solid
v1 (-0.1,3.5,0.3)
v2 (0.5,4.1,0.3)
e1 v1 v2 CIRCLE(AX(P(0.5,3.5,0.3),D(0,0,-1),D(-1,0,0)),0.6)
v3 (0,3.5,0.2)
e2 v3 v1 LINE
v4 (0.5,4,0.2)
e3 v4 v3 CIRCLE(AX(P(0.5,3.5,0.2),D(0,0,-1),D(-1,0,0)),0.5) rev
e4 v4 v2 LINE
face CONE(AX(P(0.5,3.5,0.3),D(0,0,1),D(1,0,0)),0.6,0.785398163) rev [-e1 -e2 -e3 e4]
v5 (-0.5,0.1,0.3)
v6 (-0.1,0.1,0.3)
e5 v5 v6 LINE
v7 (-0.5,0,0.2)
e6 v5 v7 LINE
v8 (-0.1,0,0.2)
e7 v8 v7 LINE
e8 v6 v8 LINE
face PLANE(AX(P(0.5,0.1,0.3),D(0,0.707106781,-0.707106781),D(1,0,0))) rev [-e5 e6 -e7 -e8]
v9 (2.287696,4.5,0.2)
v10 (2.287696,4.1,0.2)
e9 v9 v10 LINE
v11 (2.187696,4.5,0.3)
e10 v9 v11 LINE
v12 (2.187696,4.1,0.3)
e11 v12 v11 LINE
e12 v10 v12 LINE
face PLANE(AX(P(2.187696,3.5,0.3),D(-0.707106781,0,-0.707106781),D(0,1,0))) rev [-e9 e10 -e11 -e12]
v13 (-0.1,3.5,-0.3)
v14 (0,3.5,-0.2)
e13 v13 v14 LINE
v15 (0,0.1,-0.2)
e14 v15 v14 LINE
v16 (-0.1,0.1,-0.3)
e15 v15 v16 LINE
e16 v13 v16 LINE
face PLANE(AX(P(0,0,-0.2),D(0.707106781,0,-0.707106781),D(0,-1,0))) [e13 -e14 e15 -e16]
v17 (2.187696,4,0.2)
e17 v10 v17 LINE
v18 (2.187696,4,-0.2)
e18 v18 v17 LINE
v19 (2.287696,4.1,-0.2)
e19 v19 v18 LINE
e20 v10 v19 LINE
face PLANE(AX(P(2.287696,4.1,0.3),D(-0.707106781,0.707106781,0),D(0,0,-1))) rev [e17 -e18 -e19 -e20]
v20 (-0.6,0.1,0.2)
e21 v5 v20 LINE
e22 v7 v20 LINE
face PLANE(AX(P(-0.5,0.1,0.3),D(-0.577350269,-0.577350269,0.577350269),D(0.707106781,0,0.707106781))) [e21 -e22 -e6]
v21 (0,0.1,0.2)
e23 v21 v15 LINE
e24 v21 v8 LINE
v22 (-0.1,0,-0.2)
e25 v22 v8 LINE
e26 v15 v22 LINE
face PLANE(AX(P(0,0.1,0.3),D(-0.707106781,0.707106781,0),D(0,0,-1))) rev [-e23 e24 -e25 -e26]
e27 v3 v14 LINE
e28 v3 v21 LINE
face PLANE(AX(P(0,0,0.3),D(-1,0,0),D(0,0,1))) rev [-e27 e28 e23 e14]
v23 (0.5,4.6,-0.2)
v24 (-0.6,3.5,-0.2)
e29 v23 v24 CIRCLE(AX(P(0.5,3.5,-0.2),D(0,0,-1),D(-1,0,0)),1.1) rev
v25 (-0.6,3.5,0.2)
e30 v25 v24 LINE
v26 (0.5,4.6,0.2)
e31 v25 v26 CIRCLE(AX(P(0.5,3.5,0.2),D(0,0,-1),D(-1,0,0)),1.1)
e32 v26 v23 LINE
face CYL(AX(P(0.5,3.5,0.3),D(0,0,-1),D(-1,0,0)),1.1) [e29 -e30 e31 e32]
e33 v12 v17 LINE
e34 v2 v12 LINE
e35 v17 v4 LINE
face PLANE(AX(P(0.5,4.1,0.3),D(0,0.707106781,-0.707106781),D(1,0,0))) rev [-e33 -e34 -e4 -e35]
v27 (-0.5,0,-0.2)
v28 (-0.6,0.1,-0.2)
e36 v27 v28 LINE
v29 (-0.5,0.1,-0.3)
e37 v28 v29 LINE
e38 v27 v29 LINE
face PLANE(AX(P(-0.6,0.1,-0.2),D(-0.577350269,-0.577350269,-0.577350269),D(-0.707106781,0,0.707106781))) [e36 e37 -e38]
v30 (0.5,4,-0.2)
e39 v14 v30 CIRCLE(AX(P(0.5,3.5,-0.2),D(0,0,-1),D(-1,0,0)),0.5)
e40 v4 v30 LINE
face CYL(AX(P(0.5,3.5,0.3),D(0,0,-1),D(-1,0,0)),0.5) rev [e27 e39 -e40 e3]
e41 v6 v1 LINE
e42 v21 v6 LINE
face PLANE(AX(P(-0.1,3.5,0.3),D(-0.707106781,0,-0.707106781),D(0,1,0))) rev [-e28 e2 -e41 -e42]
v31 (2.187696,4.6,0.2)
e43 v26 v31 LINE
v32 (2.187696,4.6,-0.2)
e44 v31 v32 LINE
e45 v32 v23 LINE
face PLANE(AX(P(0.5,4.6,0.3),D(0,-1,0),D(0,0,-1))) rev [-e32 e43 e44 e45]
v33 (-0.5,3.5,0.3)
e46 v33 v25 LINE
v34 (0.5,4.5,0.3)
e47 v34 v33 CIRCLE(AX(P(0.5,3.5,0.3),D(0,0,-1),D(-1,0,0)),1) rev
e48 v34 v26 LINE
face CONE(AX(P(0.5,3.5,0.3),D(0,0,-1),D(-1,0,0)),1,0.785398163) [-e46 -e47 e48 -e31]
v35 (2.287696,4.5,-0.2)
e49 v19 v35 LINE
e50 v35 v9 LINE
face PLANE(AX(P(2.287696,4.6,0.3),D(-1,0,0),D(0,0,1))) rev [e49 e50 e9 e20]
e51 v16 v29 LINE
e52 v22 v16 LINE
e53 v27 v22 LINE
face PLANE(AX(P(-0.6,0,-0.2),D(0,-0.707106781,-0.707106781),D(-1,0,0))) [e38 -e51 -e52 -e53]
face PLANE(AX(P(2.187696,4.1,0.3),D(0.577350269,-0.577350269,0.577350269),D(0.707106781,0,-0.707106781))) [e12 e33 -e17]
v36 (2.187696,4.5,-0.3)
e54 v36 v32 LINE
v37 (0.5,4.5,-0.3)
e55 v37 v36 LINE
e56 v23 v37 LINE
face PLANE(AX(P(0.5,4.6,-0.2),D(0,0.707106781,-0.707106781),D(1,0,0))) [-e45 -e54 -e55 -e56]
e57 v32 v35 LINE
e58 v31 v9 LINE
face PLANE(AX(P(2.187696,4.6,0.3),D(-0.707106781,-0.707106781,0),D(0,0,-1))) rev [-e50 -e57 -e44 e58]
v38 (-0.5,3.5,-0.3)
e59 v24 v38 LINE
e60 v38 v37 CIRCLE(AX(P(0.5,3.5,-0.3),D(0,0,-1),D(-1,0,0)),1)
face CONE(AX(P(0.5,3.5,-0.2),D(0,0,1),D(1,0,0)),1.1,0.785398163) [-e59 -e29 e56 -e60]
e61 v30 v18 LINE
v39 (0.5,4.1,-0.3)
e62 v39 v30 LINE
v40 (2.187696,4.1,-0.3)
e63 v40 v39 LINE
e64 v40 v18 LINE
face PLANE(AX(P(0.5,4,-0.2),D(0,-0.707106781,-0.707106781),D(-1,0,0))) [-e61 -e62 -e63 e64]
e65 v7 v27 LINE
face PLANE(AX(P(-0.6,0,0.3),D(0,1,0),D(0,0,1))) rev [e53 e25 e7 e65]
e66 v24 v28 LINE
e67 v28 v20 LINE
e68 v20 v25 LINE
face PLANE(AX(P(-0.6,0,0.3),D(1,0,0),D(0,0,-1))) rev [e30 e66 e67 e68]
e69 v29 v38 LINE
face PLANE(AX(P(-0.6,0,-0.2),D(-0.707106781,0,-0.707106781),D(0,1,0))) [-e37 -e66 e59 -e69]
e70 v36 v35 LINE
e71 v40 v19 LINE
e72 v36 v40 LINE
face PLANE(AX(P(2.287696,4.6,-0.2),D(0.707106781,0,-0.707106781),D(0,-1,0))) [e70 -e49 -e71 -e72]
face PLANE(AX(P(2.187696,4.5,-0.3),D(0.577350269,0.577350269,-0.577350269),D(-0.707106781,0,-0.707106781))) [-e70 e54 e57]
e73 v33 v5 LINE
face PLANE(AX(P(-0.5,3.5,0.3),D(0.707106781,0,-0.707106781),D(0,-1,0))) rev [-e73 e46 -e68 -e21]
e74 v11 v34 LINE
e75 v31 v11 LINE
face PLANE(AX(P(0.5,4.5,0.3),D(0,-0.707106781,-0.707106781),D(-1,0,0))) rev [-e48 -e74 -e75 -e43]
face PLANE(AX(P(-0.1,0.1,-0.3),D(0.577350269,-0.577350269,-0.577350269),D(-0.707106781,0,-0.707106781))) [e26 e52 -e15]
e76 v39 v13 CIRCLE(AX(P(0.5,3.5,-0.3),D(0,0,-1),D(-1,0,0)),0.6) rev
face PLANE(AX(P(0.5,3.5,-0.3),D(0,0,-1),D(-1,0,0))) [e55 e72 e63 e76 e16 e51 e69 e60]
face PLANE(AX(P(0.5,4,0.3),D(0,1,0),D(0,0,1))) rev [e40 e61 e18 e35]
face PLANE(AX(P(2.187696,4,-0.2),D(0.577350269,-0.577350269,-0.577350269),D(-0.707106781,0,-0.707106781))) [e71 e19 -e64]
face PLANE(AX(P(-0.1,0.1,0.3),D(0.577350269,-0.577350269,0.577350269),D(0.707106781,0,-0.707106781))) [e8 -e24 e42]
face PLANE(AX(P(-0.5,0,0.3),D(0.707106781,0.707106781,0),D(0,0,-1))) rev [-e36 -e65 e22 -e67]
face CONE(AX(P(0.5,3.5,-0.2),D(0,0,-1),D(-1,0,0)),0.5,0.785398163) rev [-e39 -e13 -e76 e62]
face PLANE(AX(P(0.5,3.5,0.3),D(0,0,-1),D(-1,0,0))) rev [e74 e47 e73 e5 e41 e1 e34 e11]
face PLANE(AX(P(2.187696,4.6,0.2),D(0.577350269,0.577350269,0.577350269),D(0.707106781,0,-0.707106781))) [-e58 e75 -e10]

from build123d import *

# Parameters (mm, degrees)
BOSS_EXTRUDE1_DEPTH = 0.3
CHAMFER1_SIZE       = 0.1


with BuildPart() as part:
    # Sketch1 → Boss-Extrude1 (new body, symmetric)
    with BuildSketch(Plane.XY):
        with BuildLine():
            Line((-0.6, 0), (-0.6, 3.5))
            ThreePointArc((-0.6, 3.5), (-0.277817459, 4.277817459), (0.5, 4.6))
            Line((0.5, 4.6), (2.287695887, 4.6))
            Line((2.287695887, 4.6), (2.287695887, 4))
            Line((2.287695887, 4), (0.5, 4))
            ThreePointArc((0.5, 4), (0.146446609, 3.853553391), (0, 3.5))
            Line((0, 3.5), (0, 0))
            Line((0, 0), (-0.6, 0))
        make_face()
    extrude(amount=BOSS_EXTRUDE1_DEPTH, both=True)

    # Chamfer1
    chamfer1_edges = [part.edges().sort_by_distance(p)[0] for p in [
        (0.146446609, 3.853553391, 0.3),
        (0, 1.75, -0.3),
        (-0.3, 0, -0.3),
        (1.393847944, 4, 0.3),
        (-0.6, 0, 0),
        (2.287695887, 4.6, 0),
        (2.287695887, 4, 0),
        (0, 0, 0),
        (2.287695887, 4.3, 0.3),
        (1.393847944, 4.6, 0.3),
        (-0.277817459, 4.277817459, 0.3),
        (-0.6, 1.75, 0.3),
        (-0.3, 0, 0.3),
        (0, 1.75, 0.3),
        (-0.6, 1.75, -0.3),
        (-0.277817459, 4.277817459, -0.3),
        (1.393847944, 4.6, -0.3),
        (2.287695887, 4.3, -0.3),
        (1.393847944, 4, -0.3),
        (0.146446609, 3.853553391, -0.3),
    ]]
    chamfer(chamfer1_edges, length=CHAMFER1_SIZE)


solid = part.part
